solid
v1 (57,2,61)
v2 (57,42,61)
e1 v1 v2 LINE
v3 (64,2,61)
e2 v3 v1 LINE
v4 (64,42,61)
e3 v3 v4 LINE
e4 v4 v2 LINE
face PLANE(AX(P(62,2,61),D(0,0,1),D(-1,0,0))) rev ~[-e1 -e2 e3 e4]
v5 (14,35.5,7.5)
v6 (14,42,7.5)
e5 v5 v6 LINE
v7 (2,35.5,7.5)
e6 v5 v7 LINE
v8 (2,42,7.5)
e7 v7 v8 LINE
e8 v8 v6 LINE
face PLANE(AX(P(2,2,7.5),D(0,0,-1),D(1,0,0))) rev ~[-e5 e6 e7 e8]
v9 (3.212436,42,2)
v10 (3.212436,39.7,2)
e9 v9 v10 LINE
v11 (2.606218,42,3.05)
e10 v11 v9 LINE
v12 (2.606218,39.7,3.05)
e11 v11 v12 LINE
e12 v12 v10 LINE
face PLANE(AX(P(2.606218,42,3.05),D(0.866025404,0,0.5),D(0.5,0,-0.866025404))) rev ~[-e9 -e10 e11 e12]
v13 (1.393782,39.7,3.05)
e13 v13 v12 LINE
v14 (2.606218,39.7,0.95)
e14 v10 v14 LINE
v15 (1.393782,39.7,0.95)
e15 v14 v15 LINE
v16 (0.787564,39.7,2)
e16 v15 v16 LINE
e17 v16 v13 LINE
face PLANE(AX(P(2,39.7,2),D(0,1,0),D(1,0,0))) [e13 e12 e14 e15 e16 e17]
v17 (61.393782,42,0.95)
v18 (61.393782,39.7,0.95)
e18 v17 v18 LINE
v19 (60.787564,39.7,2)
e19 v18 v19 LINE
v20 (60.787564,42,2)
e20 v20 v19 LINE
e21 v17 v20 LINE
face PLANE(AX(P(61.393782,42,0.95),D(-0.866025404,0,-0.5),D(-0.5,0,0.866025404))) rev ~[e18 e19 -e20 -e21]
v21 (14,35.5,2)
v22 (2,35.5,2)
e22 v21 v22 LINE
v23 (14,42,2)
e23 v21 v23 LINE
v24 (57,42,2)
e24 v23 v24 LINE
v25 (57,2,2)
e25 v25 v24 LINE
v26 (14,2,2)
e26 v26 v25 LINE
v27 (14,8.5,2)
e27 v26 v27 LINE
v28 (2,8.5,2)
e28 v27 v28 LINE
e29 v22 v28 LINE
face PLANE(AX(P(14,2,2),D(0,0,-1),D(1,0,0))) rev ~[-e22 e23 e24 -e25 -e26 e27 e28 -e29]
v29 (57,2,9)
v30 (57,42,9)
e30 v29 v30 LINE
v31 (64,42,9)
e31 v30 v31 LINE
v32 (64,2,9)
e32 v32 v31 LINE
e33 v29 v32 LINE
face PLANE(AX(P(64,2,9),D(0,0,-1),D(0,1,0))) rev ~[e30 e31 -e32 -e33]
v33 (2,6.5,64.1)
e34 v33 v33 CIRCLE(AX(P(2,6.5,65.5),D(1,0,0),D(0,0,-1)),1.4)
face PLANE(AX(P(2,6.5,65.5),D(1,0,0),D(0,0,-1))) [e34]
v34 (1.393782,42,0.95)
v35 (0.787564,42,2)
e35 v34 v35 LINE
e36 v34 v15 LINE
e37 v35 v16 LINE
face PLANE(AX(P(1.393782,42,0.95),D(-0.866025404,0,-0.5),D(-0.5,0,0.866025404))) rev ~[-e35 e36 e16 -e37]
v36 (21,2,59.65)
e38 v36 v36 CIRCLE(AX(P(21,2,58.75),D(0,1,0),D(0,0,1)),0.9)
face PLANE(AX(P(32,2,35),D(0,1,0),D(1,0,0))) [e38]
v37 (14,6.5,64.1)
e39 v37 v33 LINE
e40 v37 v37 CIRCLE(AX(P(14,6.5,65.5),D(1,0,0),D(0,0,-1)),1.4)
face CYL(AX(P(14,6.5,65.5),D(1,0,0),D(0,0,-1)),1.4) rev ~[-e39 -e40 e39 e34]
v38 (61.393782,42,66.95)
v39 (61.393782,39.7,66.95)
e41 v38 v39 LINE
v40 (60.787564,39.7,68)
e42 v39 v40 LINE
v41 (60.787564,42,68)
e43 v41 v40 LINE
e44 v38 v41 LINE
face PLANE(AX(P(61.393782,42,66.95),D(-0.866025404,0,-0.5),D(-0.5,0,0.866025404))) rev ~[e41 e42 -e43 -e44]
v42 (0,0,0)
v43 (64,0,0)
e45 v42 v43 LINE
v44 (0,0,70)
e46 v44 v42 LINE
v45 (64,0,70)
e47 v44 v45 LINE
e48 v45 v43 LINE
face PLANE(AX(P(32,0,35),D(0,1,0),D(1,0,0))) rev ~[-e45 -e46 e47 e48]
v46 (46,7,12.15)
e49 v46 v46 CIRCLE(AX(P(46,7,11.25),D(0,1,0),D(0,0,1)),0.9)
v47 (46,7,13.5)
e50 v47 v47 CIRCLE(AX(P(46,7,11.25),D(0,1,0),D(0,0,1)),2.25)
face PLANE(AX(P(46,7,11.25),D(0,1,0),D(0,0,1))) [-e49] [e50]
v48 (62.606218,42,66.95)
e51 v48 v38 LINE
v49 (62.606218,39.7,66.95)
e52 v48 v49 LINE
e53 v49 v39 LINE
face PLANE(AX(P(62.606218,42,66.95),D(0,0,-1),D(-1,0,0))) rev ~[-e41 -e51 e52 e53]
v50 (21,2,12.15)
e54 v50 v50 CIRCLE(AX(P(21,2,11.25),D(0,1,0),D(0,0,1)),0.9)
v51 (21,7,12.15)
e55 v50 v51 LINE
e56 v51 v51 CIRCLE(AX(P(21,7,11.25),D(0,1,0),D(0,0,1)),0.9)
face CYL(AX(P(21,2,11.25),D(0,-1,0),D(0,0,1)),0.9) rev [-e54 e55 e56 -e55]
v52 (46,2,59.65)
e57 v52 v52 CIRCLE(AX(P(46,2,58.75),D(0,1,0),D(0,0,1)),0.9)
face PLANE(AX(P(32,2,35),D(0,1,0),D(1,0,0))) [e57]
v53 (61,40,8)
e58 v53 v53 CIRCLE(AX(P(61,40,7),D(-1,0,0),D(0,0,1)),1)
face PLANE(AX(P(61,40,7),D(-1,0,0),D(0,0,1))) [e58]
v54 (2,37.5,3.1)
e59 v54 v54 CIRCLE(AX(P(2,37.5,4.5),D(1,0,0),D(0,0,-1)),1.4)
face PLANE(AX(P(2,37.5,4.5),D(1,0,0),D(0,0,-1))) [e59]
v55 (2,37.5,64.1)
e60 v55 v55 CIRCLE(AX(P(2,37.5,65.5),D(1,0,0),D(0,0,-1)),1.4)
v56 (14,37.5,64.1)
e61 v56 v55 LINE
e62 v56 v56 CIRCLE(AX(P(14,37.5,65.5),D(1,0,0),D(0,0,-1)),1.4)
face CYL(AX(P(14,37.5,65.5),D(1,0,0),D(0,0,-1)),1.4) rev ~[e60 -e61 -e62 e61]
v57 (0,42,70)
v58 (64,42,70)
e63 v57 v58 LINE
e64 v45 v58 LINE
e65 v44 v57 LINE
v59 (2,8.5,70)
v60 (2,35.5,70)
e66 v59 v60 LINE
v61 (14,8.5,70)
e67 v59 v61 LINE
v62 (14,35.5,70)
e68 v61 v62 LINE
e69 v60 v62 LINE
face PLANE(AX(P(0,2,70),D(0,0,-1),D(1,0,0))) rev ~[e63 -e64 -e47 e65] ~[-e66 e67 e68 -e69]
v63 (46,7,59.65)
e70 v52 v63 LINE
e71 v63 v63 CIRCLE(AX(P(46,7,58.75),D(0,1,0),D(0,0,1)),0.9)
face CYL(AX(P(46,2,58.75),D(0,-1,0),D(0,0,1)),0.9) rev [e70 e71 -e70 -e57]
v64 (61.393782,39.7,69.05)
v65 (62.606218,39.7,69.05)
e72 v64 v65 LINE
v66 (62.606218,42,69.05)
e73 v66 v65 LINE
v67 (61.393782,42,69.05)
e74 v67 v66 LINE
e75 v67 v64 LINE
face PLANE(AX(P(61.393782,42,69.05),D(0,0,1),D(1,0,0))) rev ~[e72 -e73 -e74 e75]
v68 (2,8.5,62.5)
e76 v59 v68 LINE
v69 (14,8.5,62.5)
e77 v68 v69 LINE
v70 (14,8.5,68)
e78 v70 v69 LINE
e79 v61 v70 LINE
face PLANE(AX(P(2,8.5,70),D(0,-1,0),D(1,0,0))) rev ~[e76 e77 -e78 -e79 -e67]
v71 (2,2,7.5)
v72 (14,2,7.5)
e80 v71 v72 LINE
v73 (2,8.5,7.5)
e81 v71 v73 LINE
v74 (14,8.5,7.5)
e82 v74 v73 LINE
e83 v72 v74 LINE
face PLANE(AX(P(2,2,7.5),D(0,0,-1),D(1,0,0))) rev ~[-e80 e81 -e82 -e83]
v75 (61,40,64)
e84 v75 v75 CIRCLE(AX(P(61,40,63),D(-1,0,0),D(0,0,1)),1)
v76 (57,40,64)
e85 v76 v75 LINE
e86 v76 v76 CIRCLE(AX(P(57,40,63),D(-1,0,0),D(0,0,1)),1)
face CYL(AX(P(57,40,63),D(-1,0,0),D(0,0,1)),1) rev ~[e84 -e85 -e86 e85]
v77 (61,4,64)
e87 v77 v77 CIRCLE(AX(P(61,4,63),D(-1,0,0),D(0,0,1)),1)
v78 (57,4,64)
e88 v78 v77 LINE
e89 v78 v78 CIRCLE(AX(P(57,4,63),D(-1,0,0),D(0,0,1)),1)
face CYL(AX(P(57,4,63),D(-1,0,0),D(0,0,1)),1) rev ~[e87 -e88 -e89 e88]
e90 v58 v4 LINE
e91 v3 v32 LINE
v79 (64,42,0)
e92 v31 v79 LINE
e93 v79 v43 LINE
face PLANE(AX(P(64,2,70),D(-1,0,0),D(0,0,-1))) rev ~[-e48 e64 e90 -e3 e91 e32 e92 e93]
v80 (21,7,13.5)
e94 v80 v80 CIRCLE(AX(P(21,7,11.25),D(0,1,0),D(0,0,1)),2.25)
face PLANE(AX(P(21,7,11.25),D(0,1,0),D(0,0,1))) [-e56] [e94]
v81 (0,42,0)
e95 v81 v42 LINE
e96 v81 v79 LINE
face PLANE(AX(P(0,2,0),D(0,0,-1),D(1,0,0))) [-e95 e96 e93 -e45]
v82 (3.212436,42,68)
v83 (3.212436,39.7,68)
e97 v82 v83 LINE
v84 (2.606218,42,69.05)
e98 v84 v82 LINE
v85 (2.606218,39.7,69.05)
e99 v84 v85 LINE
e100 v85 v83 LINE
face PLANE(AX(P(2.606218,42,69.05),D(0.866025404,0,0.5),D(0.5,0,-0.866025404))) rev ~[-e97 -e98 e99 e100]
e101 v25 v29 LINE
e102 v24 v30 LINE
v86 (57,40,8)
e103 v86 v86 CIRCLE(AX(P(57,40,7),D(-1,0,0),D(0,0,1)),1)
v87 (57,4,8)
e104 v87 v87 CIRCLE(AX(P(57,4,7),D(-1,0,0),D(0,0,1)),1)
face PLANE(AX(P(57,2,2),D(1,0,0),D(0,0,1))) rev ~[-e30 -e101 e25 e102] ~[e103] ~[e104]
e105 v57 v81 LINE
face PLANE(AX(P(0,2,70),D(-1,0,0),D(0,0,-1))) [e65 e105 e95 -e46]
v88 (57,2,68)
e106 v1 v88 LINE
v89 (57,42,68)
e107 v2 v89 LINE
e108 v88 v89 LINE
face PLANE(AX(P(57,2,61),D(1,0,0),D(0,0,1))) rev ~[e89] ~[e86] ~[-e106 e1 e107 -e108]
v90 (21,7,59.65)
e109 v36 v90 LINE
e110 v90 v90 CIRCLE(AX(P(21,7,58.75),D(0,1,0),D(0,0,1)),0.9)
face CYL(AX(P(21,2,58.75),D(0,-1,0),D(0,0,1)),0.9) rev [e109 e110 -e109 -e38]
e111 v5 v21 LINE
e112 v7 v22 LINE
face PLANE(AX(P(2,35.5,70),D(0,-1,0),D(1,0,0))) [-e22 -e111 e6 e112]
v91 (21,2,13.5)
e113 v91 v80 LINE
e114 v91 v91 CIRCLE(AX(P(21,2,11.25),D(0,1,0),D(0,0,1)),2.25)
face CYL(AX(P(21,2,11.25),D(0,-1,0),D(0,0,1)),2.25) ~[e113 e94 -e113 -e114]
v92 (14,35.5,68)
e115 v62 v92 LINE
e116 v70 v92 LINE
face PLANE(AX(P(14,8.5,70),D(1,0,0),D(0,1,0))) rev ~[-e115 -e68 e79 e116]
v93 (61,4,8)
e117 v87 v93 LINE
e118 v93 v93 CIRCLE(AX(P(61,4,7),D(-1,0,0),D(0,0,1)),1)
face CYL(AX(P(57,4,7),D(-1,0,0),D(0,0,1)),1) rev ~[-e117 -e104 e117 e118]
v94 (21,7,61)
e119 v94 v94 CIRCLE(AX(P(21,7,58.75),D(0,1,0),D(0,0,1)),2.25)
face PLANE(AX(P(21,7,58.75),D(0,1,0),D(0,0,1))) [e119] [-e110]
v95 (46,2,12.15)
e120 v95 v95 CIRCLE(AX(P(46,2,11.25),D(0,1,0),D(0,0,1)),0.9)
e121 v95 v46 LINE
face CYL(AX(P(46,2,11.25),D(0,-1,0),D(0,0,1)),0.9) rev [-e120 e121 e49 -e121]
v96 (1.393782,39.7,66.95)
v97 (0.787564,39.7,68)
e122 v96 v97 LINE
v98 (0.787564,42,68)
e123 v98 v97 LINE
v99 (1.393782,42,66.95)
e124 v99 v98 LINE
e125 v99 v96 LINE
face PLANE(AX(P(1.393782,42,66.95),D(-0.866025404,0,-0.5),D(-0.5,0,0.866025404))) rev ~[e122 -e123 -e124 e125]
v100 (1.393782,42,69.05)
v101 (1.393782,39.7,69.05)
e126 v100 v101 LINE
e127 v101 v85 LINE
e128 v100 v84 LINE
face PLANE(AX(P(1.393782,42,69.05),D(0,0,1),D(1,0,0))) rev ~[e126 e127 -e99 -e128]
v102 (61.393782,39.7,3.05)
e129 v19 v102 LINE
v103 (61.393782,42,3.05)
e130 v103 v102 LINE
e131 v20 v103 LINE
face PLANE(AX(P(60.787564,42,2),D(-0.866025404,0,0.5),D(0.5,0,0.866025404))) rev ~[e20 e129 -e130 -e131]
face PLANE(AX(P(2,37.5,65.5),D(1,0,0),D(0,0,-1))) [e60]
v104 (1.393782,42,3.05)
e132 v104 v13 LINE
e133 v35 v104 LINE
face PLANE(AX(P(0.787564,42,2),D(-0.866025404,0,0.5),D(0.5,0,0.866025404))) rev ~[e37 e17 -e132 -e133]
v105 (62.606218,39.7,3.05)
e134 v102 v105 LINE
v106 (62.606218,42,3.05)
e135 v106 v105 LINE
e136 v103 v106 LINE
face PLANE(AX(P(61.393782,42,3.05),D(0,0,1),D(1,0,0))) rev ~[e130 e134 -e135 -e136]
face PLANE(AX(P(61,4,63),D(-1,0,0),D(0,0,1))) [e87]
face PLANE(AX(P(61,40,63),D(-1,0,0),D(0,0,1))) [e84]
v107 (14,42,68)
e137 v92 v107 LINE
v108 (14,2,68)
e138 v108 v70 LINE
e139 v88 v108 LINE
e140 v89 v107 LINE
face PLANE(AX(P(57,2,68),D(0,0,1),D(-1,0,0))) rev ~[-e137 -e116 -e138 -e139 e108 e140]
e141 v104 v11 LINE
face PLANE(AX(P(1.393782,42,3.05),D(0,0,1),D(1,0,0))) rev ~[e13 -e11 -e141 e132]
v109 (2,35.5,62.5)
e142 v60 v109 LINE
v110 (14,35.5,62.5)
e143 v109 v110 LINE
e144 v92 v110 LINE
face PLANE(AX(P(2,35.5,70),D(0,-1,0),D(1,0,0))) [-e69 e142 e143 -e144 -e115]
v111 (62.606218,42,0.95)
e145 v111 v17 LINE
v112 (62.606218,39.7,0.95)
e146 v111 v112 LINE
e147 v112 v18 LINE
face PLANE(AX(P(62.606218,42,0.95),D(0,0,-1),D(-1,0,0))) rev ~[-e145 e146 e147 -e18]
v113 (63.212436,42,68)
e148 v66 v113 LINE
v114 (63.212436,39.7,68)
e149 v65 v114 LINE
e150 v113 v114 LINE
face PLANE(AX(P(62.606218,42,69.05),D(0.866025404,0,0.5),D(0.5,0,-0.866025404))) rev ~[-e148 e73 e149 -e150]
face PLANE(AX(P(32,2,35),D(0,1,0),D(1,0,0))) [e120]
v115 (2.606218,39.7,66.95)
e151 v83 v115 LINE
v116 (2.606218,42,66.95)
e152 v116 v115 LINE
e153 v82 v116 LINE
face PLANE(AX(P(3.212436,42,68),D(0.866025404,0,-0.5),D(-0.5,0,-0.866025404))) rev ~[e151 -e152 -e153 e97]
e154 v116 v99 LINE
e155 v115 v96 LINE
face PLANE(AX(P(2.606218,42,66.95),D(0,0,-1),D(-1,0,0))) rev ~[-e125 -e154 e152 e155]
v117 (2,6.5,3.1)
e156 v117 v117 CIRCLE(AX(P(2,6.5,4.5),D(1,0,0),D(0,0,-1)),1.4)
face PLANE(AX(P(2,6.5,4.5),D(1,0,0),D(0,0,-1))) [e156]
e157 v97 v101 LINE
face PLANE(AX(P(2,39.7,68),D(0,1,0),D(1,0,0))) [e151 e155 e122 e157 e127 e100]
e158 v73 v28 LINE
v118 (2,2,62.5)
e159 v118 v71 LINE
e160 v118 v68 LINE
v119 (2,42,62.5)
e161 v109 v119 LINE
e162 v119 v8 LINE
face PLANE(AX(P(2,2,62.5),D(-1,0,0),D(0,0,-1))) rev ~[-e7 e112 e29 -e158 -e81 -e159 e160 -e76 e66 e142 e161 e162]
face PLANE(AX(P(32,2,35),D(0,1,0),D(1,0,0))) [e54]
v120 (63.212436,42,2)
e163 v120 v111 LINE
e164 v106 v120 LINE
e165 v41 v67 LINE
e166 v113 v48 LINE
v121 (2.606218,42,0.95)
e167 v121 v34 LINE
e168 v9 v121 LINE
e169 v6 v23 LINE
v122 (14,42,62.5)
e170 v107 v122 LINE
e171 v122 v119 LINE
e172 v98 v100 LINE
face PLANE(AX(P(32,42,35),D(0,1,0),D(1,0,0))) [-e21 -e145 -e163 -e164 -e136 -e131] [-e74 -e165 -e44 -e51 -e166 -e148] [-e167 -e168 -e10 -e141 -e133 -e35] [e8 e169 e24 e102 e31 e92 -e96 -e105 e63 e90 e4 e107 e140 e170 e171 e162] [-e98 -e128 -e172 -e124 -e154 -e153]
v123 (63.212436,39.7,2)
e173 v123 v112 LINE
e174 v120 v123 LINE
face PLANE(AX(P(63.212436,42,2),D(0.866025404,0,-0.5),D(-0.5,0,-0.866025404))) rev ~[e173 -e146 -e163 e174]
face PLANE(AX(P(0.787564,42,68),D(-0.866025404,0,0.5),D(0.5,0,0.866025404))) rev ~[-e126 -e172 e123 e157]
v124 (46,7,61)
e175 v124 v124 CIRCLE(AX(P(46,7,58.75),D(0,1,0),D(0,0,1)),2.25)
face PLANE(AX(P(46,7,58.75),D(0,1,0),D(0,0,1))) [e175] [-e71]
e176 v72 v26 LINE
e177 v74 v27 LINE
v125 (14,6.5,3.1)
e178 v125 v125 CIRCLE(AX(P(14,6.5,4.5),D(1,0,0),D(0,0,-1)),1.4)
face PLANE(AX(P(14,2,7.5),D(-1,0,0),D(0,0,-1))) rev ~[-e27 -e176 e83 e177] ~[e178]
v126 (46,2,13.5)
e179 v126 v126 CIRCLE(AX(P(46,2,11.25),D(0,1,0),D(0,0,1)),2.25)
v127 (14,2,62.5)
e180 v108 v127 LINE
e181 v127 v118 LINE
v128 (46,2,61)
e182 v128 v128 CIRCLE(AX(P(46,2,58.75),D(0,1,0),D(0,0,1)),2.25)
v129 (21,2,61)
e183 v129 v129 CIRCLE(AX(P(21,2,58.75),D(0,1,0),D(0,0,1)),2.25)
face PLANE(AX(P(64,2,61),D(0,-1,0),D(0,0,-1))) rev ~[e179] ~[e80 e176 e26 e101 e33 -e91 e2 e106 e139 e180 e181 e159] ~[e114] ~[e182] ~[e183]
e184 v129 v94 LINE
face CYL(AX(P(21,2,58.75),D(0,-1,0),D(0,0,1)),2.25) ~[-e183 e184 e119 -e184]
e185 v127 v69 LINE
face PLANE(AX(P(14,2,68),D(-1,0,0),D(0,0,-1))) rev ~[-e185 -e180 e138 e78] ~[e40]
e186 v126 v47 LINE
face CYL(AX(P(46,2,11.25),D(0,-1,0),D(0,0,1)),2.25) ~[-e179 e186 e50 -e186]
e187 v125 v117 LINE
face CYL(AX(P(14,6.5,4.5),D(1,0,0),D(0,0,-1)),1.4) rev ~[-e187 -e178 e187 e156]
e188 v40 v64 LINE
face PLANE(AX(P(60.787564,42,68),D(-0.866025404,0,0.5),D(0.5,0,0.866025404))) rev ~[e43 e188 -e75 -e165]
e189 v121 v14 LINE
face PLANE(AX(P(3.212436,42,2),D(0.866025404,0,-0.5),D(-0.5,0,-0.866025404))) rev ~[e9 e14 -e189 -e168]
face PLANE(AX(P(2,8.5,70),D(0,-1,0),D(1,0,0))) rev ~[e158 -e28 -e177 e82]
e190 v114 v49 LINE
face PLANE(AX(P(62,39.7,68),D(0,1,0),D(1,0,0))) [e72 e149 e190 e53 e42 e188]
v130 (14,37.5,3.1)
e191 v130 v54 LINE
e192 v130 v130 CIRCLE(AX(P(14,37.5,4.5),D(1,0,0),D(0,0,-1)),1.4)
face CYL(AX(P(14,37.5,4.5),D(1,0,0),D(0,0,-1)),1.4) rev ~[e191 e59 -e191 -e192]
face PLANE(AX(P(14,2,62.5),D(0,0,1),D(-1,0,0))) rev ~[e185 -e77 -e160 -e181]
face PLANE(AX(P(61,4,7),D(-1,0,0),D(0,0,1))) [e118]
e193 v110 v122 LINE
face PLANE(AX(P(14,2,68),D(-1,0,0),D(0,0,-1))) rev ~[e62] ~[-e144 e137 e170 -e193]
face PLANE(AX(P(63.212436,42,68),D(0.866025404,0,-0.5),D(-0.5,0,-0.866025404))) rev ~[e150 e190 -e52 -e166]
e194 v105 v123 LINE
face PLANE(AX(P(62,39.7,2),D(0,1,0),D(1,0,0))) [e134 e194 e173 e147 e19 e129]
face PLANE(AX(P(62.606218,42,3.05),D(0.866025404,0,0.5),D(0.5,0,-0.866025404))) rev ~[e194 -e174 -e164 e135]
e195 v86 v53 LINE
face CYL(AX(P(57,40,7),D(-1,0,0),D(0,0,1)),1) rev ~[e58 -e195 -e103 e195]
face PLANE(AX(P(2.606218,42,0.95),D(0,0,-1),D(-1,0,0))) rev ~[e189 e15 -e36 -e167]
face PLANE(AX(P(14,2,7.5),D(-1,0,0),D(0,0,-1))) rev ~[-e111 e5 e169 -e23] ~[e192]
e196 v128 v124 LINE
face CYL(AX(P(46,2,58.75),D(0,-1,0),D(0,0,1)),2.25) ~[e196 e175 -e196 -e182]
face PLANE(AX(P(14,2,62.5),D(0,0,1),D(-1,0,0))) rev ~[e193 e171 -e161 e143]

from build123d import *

# Parameters (mm, degrees)
SKETCH1_W           = 64
SKETCH1_H           = 70
BOSS_EXTRUDE1_DEPTH = 2
SKETCH2_W           = 64
SKETCH2_H           = 70
BOSS_EXTRUDE2_DEPTH = 40
SKETCH3_R           = 2.25
SKETCH3_R_2         = 0.9
BOSS_EXTRUDE3_DEPTH = 5
SKETCH4_W           = 52
SKETCH4_H           = 40
CUT_EXTRUDE1_DEPTH  = 2
SKETCH5_R           = 1
CUT_EXTRUDE4_DEPTH  = 4
CUT_EXTRUDE5_DEPTH  = 2.3
SKETCH7_R           = 1.4
CUT_EXTRUDE6_DEPTH  = 12
CUT_EXTRUDE7_REACH  = 105.73
SKETCH8_W           = 12
SKETCH8_H           = 27


with BuildPart() as part:
    # Sketch1 → Boss-Extrude1 (new body)
    with BuildSketch(Plane(origin=(0, 0, 0), x_dir=(1, 0, 0), z_dir=(0, 1, 0))):
        with Locations((32, -35)):
            Rectangle(SKETCH1_W, SKETCH1_H)
    extrude(amount=BOSS_EXTRUDE1_DEPTH)

    # Sketch2 → Boss-Extrude2 (add)
    with BuildSketch(Plane(origin=(0, 2, 0), x_dir=(1, 0, 0), z_dir=(0, 1, 0))):
        with Locations((32, -35)):
            Rectangle(SKETCH2_W, SKETCH2_H)
        Polygon((14, -2), (57, -2), (57, -9), (62, -9), (62, -61), (57, -61), (57, -68), (14, -68), (14, -62.5), (2, -62.5), (2, -7.5), (14, -7.5), align=None, mode=Mode.SUBTRACT)
    extrude(amount=BOSS_EXTRUDE2_DEPTH)

    # Sketch3 → Boss-Extrude3 (add)
    # profile 1 of 4: a face of its own
    with BuildSketch(Plane(origin=(0, 2, 0), x_dir=(1, 0, 0), z_dir=(0, 1, 0))):
        with Locations(Location((21, -58.75, 0), (0, 0, 270))):
            Circle(SKETCH3_R)
        with Locations(Location((21, -58.75, 0), (0, 0, 270))):
            Circle(SKETCH3_R_2, mode=Mode.SUBTRACT)
    # profile 2 of 4: a face of its own
    with BuildSketch(Plane(origin=(0, 2, 0), x_dir=(1, 0, 0), z_dir=(0, 1, 0))):
        with Locations(Location((46, -58.75, 0), (0, 0, 270))):
            Circle(SKETCH3_R)
        with Locations(Location((46, -58.75, 0), (0, 0, 270))):
            Circle(SKETCH3_R_2, mode=Mode.SUBTRACT)
    # profile 3 of 4: a face of its own
    with BuildSketch(Plane(origin=(0, 2, 0), x_dir=(1, 0, 0), z_dir=(0, 1, 0))):
        with Locations(Location((21, -11.25, 0), (0, 0, 270))):
            Circle(SKETCH3_R)
        with Locations(Location((21, -11.25, 0), (0, 0, 270))):
            Circle(SKETCH3_R_2, mode=Mode.SUBTRACT)
    # profile 4 of 4: a face of its own
    with BuildSketch(Plane(origin=(0, 2, 0), x_dir=(1, 0, 0), z_dir=(0, 1, 0))):
        with Locations(Location((46, -11.25, 0), (0, 0, 270))):
            Circle(SKETCH3_R)
        with Locations(Location((46, -11.25, 0), (0, 0, 270))):
            Circle(SKETCH3_R_2, mode=Mode.SUBTRACT)
    extrude(amount=BOSS_EXTRUDE3_DEPTH)

    # Sketch4 → Cut-Extrude1 (cut)
    with BuildSketch(Plane(origin=(64, 0, 0), x_dir=(0, 0, -1), z_dir=(1, 0, 0))):
        with Locations((-35, 22)):
            Rectangle(SKETCH4_W, SKETCH4_H)
    extrude(amount=-CUT_EXTRUDE1_DEPTH, mode=Mode.SUBTRACT)

    # Sketch5 → Cut-Extrude4 (cut)
    with BuildSketch(Plane.ZY.offset(-57)):
        with Locations((7, 40)):
            Circle(SKETCH5_R)
        with Locations((7, 4)):
            Circle(SKETCH5_R)
        with Locations((63, 4)):
            Circle(SKETCH5_R)
        with Locations((63, 40)):
            Circle(SKETCH5_R)
    extrude(amount=-CUT_EXTRUDE4_DEPTH, mode=Mode.SUBTRACT)

    # Sketch6 → Cut-Extrude5 (cut)
    with BuildSketch(Plane(origin=(0, 42, 0), x_dir=(1, 0, 0), z_dir=(0, 1, 0))):
        Polygon((3.212435565, -2), (2.606217783, -0.95), (1.393782217, -0.95), (0.787564435, -2), (1.393782217, -3.05), (2.606217783, -3.05), align=None)
        Polygon((3.212435565, -68), (2.606217783, -66.95), (1.393782217, -66.95), (0.787564435, -68), (1.393782217, -69.05), (2.606217783, -69.05), align=None)
        Polygon((60.787564435, -68), (61.393782217, -69.05), (62.606217783, -69.05), (63.212435565, -68), (62.606217783, -66.95), (61.393782217, -66.95), align=None)
        Polygon((60.787564435, -2), (61.393782217, -3.05), (62.606217783, -3.05), (63.212435565, -2), (62.606217783, -0.95), (61.393782217, -0.95), align=None)
    extrude(amount=-CUT_EXTRUDE5_DEPTH, mode=Mode.SUBTRACT)

    # Sketch7 → Cut-Extrude6 (cut)
    with BuildSketch(Plane(origin=(14, 0, 0), x_dir=(0, 0, -1), z_dir=(1, 0, 0))):
        with Locations((-65.5, 37.5)):
            Circle(SKETCH7_R)
        with Locations((-4.5, 37.5)):
            Circle(SKETCH7_R)
        with Locations((-65.5, 6.5)):
            Circle(SKETCH7_R)
        with Locations((-4.5, 6.5)):
            Circle(SKETCH7_R)
    extrude(amount=-CUT_EXTRUDE6_DEPTH, mode=Mode.SUBTRACT)

    # Cut-Extrude7: up to this face of the body (flat: up to its plane)
    cut_extrude7_end = Plane(part.part.faces().sort_by_distance((35.5, 22, 2))[0])
    # Sketch8 → Cut-Extrude7 (cut, up to the picked face)
    with BuildSketch(Plane.XY.offset(70), mode=Mode.PRIVATE) as cut_extrude7_sk1:
        with Locations((8, 22)):
            Rectangle(SKETCH8_W, SKETCH8_H)
    cut_extrude7_tool1 = split(extrude(cut_extrude7_sk1.sketch, amount=-CUT_EXTRUDE7_REACH, mode=Mode.PRIVATE), bisect_by=cut_extrude7_end, keep=Keep.BOTH, mode=Mode.PRIVATE)
    add(cut_extrude7_tool1.solids().sort_by(Axis((8, 22, 70), (0, 0, -1)))[0], mode=Mode.SUBTRACT)


solid = part.part
